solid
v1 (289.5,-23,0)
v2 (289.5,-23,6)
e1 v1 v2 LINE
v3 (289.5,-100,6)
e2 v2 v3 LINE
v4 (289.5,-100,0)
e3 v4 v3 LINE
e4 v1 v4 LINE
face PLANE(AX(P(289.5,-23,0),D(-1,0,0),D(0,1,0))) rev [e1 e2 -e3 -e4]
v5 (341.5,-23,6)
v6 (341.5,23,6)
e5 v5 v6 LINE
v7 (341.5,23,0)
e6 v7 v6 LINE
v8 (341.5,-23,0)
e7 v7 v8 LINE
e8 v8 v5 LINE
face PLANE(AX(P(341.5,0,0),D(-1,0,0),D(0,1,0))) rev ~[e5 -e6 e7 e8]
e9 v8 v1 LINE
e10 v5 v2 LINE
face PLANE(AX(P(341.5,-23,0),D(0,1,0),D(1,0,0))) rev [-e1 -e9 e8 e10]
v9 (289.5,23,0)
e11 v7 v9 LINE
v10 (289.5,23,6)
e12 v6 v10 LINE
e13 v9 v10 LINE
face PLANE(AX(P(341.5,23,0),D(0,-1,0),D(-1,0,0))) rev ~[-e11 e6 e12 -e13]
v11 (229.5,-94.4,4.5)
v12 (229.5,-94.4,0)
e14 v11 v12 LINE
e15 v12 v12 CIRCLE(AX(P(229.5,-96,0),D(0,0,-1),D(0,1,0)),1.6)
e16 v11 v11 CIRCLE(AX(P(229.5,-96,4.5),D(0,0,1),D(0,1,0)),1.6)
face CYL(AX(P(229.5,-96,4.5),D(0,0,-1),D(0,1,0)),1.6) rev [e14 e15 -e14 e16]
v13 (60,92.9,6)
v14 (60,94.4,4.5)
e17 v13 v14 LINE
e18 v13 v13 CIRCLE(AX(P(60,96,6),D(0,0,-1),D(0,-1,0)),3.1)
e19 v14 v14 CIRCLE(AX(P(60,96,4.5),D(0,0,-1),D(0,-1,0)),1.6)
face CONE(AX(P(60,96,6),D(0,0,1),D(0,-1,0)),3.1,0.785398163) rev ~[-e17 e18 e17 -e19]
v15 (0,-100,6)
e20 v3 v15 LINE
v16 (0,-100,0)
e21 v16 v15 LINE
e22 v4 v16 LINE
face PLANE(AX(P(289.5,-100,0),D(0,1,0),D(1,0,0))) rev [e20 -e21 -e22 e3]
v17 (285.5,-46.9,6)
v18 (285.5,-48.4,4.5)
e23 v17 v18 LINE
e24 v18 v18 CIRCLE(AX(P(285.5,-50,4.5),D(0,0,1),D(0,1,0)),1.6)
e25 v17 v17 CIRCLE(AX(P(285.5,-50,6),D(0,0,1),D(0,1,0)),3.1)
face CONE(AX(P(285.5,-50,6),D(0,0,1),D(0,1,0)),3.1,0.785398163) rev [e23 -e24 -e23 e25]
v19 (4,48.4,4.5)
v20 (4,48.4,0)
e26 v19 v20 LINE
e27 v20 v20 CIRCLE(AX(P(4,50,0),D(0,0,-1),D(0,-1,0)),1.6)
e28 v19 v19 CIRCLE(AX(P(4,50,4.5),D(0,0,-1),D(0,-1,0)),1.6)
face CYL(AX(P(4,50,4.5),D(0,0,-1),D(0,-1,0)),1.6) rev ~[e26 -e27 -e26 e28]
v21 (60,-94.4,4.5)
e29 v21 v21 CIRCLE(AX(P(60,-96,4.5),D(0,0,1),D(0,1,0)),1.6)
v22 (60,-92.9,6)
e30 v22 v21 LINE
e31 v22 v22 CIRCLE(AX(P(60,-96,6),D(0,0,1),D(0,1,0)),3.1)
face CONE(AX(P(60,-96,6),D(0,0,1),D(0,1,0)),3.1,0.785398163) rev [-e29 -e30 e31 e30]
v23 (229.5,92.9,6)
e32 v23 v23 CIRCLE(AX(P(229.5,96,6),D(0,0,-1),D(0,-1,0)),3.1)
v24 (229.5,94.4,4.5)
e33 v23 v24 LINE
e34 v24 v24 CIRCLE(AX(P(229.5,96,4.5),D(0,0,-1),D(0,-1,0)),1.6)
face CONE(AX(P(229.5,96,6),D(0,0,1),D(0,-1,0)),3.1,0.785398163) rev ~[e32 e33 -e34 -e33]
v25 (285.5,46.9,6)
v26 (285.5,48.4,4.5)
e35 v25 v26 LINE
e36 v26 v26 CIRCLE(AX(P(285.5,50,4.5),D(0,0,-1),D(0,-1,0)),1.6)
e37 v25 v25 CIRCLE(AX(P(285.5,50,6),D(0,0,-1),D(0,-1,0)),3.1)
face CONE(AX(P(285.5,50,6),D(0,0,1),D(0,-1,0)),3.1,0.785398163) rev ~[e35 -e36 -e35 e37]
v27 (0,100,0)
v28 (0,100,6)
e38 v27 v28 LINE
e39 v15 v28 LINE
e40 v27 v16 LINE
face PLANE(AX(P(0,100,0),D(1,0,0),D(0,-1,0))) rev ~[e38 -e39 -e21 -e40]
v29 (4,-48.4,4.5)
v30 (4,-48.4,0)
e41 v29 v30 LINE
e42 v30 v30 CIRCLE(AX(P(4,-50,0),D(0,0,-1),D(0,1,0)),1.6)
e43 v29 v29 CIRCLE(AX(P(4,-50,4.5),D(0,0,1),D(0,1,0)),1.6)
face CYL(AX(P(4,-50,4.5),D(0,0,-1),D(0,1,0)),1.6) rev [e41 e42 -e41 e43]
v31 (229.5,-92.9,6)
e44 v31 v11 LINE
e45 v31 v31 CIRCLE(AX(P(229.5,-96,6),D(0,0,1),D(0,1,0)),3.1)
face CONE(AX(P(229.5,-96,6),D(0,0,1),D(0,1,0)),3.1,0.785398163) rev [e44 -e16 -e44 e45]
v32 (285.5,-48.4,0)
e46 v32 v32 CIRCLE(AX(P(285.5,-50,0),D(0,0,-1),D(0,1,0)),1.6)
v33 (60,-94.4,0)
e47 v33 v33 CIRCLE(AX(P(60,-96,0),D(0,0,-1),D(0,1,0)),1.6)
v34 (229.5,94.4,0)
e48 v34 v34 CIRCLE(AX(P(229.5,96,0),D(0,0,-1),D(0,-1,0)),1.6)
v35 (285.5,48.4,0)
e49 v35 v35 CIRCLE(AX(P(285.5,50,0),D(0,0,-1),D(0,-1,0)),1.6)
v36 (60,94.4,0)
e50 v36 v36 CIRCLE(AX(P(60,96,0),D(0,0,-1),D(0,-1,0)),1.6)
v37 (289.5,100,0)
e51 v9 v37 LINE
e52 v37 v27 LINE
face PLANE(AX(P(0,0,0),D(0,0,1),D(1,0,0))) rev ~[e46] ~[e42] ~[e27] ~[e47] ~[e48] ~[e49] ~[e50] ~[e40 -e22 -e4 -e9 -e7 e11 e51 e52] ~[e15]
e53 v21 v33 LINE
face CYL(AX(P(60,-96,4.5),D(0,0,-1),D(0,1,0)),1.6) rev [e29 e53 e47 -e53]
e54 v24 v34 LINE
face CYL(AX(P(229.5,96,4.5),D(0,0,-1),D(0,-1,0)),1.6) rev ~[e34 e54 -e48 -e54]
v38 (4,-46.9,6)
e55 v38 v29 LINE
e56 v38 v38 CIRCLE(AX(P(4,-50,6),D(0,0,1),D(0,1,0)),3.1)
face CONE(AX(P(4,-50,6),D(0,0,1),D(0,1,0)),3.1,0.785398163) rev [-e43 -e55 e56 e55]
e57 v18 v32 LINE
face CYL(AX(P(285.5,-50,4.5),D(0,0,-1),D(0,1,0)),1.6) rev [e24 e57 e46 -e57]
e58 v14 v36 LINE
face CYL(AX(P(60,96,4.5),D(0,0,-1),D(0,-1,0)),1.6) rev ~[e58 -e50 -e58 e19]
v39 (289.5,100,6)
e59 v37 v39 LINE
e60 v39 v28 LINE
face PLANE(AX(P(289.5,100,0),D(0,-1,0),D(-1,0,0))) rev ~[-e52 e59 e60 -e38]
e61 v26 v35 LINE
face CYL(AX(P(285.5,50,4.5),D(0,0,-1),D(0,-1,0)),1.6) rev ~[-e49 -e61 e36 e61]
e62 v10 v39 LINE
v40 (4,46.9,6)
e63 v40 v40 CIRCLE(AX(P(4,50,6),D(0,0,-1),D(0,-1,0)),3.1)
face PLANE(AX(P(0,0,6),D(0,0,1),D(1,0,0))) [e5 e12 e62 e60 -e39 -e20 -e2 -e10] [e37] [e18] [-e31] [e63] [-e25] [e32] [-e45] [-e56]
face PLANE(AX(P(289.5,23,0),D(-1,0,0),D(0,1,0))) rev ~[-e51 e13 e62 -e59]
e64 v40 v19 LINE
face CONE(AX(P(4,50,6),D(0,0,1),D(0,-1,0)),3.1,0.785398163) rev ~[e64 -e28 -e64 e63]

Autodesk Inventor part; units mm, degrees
ref_plane "YZ Plane" through (0, 0, 0) normal (1, 0, 0) x (0, 1, 0)
ref_plane "XZ Plane" through (0, 0, 0) normal (0, 1, 0) x (-1, 0, 0)
ref_plane "XY Plane" through (0, 0, 0) normal (0, 0, 1) x (1, 0, 0)
sketch "Skizze1" plane through (0, 0, 0) normal (0, 0, 1) x (1, 0, 0)
  line L0 (0, 120) -> (0, -20) projected
  line L1 (-68.3, 0) -> (409.8, 0) projected
  line L2 (0, 0) -> (217.779, 0)
  line L3 (289.5, 23) -> (289.5, 100)
  line L4 (289.5, 100) -> (0, 100)
  line L5 (0, 100) -> (0, 0)
  line L6 (217.779, 0) -> (341.5, 0)
  line L7 (341.5, 0) -> (341.5, 23)
  line L8 (341.5, 23) -> (289.5, 23)
  dimension "d0" = 52
  dimension "d1" = 289.5
  dimension "d2" = 100
  dimension "d3" = 23
extrude "Extrusion1" add sketch "Skizze1" along normal blind 6
mirror "Spiegeln1" about plane through (217.779, 0, 0) normal (0, -1, 0)
sketch "Skizze2" plane through (0, 0, 6) normal (0, 0, 1) x (1, 0, 0)
  line L0 (0, -100) -> (0, 100) projected
  line L1 (289.5, 100) -> (289.5, 23) projected
  line L2 (0, 100) -> (289.5, 100) projected
  point P0 (0, 0)
  point P1 (60, 96)
  point P2 (229.5, 96)
  point P3 (4, 50)
  point P4 (285.5, 50)
  dimension "d6" = 60
  dimension "d7" = 60
  dimension "d8" = 50
  dimension "d9" = 50
  dimension "d10" = 4
  dimension "d11" = 4
  dimension "d12" = 4
  dimension "d13" = 4
hole "Bohrung1" at (60, 96, 6) at (229.5, 96, 6) at (4, 50, 6) at (285.5, 50, 6) direction (0, 0, -1) diameter 3.2 end through all countersink diameter 6.2 countersink angle 90
mirror "Spiegeln2" about plane through (0, 0, 0) normal (0, 1, 0) of "Bohrung1"
equation "\"d7\" = d6"
equation "\"d11\" = d10"
equation "\"d12\" = d11"
equation "\"d13\" = d12"
properties part number "Deckel2" material "Polycarbonate, Clear"
